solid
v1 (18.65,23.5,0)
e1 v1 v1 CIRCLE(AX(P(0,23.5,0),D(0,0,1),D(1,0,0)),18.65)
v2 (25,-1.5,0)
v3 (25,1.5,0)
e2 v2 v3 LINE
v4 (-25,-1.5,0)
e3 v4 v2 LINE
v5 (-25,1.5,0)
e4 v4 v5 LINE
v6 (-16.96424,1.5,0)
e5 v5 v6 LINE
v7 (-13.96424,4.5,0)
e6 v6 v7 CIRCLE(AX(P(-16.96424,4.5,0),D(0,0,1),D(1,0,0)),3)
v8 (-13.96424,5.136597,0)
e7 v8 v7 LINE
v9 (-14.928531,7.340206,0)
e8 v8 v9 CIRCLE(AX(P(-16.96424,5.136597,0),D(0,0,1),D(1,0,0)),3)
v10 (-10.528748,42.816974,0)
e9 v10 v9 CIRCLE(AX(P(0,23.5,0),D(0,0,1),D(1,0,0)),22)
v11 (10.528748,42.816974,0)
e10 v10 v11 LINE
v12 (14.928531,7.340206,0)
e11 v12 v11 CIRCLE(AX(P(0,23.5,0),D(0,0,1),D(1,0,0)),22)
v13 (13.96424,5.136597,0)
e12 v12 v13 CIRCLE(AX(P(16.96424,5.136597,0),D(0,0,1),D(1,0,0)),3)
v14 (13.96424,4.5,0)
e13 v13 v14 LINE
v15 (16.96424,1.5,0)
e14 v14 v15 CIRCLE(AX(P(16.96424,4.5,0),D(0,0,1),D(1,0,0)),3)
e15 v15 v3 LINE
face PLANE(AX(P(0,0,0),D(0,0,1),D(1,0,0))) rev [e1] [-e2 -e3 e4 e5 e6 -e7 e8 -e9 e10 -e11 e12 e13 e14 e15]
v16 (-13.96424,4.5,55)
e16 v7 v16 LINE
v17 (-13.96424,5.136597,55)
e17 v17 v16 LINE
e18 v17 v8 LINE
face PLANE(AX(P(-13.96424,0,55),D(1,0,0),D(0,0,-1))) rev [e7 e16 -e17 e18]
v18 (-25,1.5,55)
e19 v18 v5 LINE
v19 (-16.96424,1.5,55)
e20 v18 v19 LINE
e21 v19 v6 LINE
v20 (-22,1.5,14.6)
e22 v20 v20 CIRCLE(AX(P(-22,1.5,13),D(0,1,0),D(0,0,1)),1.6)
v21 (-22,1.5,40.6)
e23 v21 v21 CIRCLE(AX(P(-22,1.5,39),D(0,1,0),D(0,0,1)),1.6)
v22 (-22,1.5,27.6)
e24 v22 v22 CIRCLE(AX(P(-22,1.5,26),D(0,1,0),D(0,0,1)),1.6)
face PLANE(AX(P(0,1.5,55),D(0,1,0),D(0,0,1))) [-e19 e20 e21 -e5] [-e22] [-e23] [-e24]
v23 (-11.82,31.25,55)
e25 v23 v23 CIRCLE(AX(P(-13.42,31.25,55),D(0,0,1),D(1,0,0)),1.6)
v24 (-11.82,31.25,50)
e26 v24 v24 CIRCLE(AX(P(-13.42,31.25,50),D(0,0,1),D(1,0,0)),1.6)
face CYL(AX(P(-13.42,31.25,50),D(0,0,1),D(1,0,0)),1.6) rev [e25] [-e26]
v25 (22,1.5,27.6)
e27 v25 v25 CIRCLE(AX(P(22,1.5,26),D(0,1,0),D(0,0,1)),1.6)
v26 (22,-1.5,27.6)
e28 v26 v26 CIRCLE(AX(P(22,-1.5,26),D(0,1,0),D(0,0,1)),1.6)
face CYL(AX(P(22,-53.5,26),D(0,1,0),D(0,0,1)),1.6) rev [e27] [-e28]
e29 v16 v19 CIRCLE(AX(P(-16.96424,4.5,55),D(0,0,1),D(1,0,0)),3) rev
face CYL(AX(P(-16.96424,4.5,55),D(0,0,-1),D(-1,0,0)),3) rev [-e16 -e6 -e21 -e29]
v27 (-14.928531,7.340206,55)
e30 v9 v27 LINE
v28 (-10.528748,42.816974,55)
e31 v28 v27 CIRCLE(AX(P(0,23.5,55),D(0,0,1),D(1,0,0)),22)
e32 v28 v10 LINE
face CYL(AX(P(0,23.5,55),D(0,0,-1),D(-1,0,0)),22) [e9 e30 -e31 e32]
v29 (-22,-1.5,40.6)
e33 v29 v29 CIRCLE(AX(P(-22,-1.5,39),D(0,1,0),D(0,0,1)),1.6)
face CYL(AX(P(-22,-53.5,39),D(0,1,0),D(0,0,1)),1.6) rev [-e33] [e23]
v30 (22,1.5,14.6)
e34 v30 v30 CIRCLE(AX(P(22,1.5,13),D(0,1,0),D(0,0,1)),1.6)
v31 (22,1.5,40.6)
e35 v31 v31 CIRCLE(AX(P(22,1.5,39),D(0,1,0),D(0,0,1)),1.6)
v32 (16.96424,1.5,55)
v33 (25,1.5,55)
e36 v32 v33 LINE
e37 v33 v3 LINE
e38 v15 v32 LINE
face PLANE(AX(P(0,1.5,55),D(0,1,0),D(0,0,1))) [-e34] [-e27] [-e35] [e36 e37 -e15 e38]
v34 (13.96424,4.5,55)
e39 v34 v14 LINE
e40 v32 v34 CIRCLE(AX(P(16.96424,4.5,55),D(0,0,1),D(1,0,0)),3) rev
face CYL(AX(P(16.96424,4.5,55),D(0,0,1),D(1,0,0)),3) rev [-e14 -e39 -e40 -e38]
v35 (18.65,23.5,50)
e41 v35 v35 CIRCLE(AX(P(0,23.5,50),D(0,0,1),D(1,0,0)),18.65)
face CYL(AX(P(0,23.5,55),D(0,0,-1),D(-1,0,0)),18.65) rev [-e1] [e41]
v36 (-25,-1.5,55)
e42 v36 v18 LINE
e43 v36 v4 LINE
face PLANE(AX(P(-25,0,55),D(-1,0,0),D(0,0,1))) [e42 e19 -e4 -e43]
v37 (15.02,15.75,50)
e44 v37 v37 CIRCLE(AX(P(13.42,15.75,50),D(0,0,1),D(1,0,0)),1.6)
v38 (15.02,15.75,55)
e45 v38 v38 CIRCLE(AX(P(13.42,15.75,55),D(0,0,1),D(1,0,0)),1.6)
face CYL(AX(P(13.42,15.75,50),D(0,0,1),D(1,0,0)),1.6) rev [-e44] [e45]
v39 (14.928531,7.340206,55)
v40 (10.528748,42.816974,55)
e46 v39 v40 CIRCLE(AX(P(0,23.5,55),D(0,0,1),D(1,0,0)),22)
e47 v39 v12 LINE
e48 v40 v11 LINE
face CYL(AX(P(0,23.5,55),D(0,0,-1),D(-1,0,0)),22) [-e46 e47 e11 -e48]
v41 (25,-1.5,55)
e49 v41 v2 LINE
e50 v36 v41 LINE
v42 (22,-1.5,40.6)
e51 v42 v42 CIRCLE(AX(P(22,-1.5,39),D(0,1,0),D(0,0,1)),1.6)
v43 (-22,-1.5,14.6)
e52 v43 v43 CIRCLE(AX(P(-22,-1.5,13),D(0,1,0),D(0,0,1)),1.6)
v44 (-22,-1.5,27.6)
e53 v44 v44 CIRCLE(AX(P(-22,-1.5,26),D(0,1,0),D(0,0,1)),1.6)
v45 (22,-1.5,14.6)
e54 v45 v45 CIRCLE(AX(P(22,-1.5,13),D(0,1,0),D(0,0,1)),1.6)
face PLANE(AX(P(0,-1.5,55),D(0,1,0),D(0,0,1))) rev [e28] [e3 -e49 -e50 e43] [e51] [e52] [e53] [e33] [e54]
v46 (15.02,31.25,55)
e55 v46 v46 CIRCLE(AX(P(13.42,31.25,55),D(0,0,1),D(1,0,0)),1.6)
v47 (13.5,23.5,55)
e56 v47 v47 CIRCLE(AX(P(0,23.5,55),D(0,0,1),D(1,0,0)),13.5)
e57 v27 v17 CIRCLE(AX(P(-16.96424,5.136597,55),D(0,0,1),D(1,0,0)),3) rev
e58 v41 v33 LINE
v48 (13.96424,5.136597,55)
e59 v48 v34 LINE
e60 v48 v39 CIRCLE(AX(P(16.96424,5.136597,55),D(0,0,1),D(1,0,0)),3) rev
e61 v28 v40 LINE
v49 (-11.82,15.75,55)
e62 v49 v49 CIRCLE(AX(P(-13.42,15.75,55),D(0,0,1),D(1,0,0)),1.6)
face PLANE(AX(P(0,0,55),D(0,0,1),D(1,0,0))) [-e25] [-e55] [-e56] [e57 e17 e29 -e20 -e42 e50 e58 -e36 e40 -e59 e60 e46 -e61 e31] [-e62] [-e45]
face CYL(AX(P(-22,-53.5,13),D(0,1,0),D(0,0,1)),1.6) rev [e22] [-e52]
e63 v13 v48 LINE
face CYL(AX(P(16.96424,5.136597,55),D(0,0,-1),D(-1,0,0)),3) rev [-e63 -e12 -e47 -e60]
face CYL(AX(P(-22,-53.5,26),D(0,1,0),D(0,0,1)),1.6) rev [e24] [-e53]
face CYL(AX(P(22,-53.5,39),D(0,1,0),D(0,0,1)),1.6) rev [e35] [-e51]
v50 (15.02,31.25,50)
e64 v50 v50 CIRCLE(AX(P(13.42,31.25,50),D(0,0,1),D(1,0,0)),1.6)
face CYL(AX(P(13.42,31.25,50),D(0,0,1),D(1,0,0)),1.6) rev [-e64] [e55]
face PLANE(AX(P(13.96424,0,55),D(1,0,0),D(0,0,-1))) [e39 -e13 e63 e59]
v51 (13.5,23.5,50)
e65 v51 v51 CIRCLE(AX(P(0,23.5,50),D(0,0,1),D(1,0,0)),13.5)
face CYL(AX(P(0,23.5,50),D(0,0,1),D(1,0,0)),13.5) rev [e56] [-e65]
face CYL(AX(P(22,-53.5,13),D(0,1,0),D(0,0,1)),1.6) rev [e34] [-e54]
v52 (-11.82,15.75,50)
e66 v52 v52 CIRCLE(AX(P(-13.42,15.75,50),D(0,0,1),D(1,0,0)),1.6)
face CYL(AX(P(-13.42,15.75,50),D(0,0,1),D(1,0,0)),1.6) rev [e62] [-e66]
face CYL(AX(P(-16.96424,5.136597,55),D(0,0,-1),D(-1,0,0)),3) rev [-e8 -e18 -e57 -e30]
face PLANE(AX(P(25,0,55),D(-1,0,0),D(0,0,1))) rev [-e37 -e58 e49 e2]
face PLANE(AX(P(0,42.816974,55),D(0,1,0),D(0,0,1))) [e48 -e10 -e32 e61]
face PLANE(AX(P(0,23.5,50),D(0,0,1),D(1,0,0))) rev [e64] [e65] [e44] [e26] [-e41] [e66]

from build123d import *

# Parameters (mm, degrees)
IZIM1_R                     = 18.65
IZIM1_W                     = 50
IZIM1_H                     = 3
Y_KSEKLIK_EKSTR_ZYON4_DEPTH = 55
RADYUS1_R                   = 3
RADYUS2_R                   = 3
IZIM7_R                     = 1.6
KES_EKSTR_ZYON1_DEPTH       = 55
IZIM8_R                     = 1.6
KES_EKSTR_ZYON2_DEPTH       = 55
Y_KSEKLIK_EKSTR_ZYON5_START = -5
IZIM10_R                    = 18.65
IZIM10_R_2                  = 13.5
IZIM10_R_3                  = 1.6
Y_KSEKLIK_EKSTR_ZYON5_DEPTH = 5


with BuildPart() as part:
    # Çizim1 → Yükseklik-Ekstrüzyon4 (new body)
    # profile 1 of 4: a face of its own
    with BuildSketch(Plane.XY):
        with BuildLine():
            ThreePointArc((-10.528747961, 42.81697353), (-21.902220366, 25.57189359), (-13.964240044, 6.5))
            ThreePointArc((-13.964240044, 6.5), (-7.416198487, 2.787684823), (0, 1.5))
            ThreePointArc((0, 1.5), (7.416198487, 2.787684823), (13.964240044, 6.5))
            ThreePointArc((13.964240044, 6.5), (19.889862757, 14.098225725), (22, 23.5))
            ThreePointArc((22, 23.5), (18.916030968, 34.733155052), (10.528747961, 42.81697353))
            Line((10.528747961, 42.81697353), (-10.528747961, 42.81697353))
        make_face()
        with Locations((0, 23.5)):
            Circle(IZIM1_R, mode=Mode.SUBTRACT)
    # profile 2 of 4: a face of its own
    with BuildSketch(Plane.XY):
        Rectangle(IZIM1_W, IZIM1_H)
    # profile 3 of 4: a face of its own
    with BuildSketch(Plane.XY):
        with BuildLine():
            ThreePointArc((0, 1.5), (-7.416198487, 2.787684823), (-13.964240044, 6.5))
            Line((-13.964240044, 6.5), (-13.964240044, 1.5))
            Line((-13.964240044, 1.5), (0, 1.5))
        make_face()
    # profile 4 of 4: a face of its own
    with BuildSketch(Plane.XY):
        with BuildLine():
            ThreePointArc((13.964240044, 6.5), (7.416198487, 2.787684823), (0, 1.5))
            Line((0, 1.5), (13.964240044, 1.5))
            Line((13.964240044, 1.5), (13.964240044, 6.5))
        make_face()
    extrude(amount=Y_KSEKLIK_EKSTR_ZYON4_DEPTH)

    # Radyus1
    radyus1_edges = [part.edges().sort_by_distance(p)[0] for p in [
        (13.964240044, 6.5, 27.5),
        (13.964240044, 1.5, 27.5),
    ]]
    fillet(radyus1_edges, radius=RADYUS1_R)

    # Radyus2
    radyus2_edges = [part.edges().sort_by_distance(p)[0] for p in [
        (-13.964240044, 1.5, 27.5),
        (-13.964240044, 6.5, 27.5),
    ]]
    fillet(radyus2_edges, radius=RADYUS2_R)

    # Çizim7 → Kes-Ekstrüzyon1 (cut)
    with BuildSketch(Plane(origin=(0, 1.5, 0), x_dir=(1, 0, 0), z_dir=(0, 1, 0))):
        with Locations(Location((-22, -13, 0), (0, 0, 270))):
            Circle(IZIM7_R)
        with Locations(Location((-22, -26, 0), (0, 0, 270))):
            Circle(IZIM7_R)
        with Locations(Location((-22, -39, 0), (0, 0, 270))):
            Circle(IZIM7_R)
    extrude(amount=-KES_EKSTR_ZYON1_DEPTH, mode=Mode.SUBTRACT)

    # Çizim8 → Kes-Ekstrüzyon2 (cut)
    with BuildSketch(Plane(origin=(0, 1.5, 0), x_dir=(1, 0, 0), z_dir=(0, 1, 0))):
        with Locations(Location((22, -13, 0), (0, 0, 270))):
            Circle(IZIM8_R)
        with Locations(Location((22, -26, 0), (0, 0, 270))):
            Circle(IZIM8_R)
        with Locations(Location((22, -39, 0), (0, 0, 270))):
            Circle(IZIM8_R)
    extrude(amount=-KES_EKSTR_ZYON2_DEPTH, mode=Mode.SUBTRACT)

    # Çizim10 → Yükseklik-Ekstrüzyon5 (add)
    with BuildSketch(Plane.XY.offset(55).offset(Y_KSEKLIK_EKSTR_ZYON5_START)):
        with Locations((0, 23.5)):
            Circle(IZIM10_R)
        with Locations((0, 23.5)):
            Circle(IZIM10_R_2, mode=Mode.SUBTRACT)
        with Locations((-13.42, 31.25)):
            Circle(IZIM10_R_3, mode=Mode.SUBTRACT)
        with Locations((-13.42, 15.75)):
            Circle(IZIM10_R_3, mode=Mode.SUBTRACT)
        with Locations((13.42, 31.25)):
            Circle(IZIM10_R_3, mode=Mode.SUBTRACT)
        with Locations((13.42, 15.75)):
            Circle(IZIM10_R_3, mode=Mode.SUBTRACT)
    extrude(amount=Y_KSEKLIK_EKSTR_ZYON5_DEPTH)


solid = part.part
